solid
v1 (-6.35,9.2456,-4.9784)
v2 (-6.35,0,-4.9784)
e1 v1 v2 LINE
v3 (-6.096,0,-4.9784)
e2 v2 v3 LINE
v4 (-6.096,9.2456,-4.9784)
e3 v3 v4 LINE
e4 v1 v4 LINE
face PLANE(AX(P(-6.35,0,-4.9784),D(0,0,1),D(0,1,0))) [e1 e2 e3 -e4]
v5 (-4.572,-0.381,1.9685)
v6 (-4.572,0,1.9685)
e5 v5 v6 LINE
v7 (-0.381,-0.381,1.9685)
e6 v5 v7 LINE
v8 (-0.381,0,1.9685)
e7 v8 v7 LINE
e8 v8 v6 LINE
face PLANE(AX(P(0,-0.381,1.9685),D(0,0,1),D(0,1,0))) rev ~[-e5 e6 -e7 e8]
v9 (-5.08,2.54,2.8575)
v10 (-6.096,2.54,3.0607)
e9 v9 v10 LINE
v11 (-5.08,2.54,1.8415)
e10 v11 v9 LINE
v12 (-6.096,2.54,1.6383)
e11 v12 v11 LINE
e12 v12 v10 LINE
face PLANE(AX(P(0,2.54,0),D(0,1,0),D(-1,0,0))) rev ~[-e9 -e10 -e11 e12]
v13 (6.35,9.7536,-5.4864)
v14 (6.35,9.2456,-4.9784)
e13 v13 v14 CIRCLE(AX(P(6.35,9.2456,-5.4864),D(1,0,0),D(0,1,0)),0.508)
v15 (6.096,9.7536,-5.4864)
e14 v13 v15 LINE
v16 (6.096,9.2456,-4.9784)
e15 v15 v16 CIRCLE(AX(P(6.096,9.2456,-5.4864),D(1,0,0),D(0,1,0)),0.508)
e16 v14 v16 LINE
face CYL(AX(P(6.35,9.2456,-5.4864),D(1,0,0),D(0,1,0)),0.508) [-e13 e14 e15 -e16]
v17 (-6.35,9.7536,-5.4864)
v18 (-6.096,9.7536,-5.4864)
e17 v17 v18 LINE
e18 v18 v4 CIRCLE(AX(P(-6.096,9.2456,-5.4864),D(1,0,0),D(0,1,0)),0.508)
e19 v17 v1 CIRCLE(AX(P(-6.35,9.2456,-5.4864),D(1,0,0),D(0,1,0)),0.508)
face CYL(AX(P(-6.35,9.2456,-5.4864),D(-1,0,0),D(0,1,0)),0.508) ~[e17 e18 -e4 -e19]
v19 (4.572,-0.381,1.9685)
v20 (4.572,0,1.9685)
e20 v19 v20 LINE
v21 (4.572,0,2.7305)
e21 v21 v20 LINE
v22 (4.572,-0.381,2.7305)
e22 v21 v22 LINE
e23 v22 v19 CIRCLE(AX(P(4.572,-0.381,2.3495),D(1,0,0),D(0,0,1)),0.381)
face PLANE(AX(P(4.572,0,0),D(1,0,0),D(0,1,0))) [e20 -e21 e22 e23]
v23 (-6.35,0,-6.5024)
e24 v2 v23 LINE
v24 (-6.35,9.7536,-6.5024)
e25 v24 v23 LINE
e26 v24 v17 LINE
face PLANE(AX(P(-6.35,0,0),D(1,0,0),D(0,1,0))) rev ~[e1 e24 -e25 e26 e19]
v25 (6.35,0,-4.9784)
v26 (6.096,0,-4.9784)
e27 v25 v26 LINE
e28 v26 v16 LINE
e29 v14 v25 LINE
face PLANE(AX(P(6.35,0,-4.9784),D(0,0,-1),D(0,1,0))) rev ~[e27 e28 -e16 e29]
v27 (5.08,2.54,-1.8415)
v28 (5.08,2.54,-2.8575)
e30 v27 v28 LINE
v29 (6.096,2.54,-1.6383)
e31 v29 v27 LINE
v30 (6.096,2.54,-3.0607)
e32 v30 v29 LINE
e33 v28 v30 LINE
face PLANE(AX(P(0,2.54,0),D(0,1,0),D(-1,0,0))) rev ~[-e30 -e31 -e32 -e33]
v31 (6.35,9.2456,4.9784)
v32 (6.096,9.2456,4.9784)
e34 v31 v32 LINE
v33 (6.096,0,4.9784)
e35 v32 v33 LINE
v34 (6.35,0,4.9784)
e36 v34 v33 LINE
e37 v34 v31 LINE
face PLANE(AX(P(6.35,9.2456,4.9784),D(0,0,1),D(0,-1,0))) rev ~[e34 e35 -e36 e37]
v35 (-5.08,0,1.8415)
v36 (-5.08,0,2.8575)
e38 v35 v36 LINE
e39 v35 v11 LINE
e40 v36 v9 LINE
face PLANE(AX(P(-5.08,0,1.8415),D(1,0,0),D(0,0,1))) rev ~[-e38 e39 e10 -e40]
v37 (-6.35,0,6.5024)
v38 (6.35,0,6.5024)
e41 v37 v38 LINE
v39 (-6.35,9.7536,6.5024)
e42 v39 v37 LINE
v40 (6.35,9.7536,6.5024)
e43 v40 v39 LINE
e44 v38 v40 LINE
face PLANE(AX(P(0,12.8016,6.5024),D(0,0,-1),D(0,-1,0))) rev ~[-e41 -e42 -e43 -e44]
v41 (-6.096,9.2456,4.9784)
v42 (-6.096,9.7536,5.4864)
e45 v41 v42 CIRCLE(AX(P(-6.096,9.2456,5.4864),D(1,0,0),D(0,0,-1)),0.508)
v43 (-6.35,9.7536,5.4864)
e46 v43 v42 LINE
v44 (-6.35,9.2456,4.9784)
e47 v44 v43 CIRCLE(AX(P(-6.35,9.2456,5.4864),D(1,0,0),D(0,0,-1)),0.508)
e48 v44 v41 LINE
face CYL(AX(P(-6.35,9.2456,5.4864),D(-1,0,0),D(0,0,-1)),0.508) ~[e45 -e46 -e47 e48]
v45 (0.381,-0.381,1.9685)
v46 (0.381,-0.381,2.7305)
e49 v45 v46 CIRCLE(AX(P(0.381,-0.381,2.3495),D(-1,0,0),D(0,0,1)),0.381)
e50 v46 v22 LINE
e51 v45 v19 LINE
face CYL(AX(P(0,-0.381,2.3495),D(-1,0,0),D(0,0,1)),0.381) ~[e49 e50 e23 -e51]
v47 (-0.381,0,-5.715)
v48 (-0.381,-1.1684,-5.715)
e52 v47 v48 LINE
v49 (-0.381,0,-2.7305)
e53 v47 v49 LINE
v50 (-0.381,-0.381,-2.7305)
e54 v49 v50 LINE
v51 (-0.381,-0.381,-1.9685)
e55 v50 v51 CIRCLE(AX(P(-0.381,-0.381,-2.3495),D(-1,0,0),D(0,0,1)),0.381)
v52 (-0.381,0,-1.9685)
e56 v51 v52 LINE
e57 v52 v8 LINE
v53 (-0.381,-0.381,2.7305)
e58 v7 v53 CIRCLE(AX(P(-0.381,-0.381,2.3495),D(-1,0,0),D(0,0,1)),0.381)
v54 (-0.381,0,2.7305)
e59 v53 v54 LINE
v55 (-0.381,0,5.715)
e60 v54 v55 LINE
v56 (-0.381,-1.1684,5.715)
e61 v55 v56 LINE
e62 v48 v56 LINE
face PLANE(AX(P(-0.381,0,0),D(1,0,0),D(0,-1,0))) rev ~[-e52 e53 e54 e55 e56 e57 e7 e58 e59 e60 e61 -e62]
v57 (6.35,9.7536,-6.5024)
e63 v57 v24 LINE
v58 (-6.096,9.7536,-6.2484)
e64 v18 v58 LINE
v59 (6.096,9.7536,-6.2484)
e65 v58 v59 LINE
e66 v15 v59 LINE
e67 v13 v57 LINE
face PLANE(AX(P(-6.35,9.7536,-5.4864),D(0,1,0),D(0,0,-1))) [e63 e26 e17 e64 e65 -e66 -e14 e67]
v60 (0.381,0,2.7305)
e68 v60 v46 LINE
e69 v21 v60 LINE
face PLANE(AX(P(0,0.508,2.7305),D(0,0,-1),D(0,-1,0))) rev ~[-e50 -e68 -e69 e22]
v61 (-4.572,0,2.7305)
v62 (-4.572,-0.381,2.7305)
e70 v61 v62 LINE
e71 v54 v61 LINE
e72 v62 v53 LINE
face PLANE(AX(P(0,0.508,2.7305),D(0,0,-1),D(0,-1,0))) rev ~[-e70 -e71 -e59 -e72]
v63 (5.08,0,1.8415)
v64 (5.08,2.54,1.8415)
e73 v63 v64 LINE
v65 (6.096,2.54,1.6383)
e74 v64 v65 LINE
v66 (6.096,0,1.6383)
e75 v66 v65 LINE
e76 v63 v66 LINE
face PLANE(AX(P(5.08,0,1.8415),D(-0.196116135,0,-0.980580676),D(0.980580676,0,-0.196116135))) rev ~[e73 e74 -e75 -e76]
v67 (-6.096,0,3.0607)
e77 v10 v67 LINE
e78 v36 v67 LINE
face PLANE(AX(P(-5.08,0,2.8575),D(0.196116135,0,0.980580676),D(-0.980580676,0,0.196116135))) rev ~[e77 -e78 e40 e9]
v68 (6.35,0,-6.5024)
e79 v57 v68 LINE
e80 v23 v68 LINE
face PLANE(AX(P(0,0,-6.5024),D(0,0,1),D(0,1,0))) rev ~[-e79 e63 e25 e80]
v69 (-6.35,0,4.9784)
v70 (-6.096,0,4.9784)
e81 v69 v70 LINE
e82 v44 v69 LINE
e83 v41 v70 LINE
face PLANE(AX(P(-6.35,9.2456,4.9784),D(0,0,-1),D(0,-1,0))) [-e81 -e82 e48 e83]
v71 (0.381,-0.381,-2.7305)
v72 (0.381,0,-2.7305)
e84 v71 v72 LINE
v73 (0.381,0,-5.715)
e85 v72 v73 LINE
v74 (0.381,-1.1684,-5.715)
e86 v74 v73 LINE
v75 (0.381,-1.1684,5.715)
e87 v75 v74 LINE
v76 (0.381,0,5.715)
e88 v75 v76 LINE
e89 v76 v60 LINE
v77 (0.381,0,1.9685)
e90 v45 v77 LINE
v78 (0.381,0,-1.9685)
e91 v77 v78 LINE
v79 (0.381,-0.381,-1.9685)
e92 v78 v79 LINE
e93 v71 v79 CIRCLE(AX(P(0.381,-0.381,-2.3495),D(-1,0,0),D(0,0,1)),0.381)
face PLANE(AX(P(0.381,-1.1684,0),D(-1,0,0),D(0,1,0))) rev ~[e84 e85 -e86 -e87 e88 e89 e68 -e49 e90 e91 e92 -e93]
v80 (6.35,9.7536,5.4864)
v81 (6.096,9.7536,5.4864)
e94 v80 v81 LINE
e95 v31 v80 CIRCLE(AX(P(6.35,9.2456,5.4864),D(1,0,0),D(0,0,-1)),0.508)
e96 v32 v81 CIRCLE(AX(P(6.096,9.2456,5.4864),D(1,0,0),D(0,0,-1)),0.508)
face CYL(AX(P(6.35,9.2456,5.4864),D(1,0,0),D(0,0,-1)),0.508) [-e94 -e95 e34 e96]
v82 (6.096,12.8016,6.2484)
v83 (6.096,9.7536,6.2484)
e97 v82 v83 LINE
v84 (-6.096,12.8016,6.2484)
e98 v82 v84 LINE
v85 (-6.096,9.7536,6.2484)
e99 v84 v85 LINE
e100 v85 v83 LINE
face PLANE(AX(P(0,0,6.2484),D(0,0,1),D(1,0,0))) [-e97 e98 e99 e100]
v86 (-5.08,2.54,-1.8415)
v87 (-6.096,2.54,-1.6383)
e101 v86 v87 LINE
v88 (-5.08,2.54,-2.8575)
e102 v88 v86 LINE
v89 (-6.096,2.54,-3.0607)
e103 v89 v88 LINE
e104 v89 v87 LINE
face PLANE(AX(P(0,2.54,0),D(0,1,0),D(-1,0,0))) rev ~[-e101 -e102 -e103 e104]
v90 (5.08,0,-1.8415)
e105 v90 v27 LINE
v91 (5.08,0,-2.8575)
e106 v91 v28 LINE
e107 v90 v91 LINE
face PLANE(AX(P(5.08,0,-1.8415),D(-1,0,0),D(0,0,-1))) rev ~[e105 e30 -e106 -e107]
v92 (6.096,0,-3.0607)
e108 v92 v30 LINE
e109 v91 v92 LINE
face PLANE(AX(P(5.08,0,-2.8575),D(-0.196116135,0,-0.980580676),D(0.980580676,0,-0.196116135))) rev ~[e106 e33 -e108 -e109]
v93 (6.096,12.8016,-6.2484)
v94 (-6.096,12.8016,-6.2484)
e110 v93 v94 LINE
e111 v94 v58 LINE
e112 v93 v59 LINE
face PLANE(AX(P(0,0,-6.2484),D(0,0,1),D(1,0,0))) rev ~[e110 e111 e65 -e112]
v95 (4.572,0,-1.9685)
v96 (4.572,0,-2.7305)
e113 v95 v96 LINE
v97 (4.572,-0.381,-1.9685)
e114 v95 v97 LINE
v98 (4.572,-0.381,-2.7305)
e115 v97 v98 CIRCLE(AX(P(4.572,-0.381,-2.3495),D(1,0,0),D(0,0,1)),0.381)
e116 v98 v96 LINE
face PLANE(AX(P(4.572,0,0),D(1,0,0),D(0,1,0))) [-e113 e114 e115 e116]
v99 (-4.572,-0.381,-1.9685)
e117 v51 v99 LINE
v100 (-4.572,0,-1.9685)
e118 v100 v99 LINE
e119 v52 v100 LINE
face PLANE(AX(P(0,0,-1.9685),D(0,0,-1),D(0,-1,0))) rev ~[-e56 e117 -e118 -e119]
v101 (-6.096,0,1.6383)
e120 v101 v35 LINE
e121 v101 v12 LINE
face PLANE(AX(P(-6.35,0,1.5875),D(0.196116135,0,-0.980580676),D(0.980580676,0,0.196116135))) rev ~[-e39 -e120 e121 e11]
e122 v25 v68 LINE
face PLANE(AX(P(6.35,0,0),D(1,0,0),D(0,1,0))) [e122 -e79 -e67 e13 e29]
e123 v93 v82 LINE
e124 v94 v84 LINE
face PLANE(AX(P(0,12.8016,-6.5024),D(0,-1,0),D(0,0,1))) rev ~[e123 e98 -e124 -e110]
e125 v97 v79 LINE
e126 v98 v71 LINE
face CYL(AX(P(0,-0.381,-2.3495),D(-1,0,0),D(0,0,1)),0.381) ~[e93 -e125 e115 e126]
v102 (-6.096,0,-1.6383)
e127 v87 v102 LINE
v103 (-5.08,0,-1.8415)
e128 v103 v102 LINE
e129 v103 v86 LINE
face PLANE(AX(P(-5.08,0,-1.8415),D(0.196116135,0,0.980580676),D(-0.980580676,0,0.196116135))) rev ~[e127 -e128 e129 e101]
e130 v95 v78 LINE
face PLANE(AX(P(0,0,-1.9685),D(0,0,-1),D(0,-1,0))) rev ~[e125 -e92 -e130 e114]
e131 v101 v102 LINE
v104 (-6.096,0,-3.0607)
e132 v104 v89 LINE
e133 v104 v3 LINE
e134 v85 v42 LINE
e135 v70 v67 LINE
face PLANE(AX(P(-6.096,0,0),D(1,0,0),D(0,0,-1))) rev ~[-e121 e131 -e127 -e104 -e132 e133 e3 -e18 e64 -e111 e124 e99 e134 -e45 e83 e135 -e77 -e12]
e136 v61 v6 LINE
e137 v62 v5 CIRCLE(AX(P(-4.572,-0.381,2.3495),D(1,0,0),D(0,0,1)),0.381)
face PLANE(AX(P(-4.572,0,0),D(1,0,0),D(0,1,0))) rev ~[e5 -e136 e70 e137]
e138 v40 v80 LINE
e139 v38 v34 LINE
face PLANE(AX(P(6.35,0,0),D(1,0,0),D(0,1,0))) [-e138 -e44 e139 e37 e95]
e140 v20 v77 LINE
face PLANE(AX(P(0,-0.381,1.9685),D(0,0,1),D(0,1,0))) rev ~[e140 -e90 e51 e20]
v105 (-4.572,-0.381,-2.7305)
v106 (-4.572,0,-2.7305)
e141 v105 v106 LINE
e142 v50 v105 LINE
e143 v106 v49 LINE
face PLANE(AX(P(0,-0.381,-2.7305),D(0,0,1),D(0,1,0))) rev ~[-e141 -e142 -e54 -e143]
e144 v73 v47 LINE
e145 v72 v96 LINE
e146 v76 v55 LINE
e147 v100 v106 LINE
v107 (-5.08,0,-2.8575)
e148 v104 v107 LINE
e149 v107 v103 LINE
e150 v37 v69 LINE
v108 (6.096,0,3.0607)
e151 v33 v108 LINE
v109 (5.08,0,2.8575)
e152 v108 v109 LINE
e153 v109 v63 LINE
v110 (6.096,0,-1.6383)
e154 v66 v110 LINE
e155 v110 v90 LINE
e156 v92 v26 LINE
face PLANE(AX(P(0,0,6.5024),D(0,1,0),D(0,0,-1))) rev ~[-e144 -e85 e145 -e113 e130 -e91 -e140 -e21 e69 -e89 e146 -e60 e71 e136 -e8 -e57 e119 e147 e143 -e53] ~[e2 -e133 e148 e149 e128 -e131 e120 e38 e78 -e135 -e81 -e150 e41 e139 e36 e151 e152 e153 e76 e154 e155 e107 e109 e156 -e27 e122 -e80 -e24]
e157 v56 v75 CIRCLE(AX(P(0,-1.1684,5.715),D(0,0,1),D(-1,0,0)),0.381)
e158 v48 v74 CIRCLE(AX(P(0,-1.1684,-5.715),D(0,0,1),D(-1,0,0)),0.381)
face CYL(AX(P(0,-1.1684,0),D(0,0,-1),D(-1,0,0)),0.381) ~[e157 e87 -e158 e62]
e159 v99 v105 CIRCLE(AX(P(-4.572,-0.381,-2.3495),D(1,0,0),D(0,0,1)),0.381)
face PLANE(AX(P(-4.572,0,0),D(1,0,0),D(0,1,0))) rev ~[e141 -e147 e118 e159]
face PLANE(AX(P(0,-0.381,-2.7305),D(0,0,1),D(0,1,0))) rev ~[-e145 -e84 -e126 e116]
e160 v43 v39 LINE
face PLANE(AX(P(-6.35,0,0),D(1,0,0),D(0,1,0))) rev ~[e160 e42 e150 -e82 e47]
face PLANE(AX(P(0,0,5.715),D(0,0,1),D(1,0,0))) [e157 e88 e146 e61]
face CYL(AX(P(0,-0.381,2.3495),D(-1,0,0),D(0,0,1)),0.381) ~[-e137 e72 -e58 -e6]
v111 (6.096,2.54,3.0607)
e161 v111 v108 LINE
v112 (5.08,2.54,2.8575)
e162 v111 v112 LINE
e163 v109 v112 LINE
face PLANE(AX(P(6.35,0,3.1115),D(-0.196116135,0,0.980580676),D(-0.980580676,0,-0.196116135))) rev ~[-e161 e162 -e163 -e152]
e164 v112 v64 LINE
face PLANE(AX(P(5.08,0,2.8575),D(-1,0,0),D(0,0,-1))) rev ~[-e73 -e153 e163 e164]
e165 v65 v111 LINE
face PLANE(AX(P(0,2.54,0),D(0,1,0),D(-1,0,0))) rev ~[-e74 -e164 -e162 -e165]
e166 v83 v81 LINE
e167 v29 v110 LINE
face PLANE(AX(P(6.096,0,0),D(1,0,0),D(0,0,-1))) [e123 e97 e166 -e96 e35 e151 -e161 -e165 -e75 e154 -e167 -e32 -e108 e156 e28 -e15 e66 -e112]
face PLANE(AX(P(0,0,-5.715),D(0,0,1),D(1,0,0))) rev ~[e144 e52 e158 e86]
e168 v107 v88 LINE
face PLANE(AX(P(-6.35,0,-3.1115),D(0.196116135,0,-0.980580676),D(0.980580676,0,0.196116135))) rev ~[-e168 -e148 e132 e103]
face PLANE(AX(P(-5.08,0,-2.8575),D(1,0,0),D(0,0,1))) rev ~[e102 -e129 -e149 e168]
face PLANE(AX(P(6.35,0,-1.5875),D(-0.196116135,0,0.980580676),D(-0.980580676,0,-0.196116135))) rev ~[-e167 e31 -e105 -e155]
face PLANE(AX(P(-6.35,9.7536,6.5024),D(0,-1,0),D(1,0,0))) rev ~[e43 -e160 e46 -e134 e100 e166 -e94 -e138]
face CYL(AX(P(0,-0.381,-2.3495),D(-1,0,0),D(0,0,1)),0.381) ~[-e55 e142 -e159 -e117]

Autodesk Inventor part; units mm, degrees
sketch "Sketch_1" plane through (0, 0, 0) normal (1, 0, 0) x (0, 1, 0)
  line L0 (0, 6.5024) -> (0, -6.5024)
  line L1 (0, -6.5024) -> (12.8016, -6.5024)
  line L2 (12.8016, -6.5024) -> (12.8016, 6.5024)
  line L3 (12.8016, 6.5024) -> (0, 6.5024)
extrude "Extrusion1" add sketch "Sketch_1" along normal mid plane 12.7
sketch "Sketch_5" plane through (6.35, 0, 0) normal (1, 0, 0) x (0, 0, -1)
  line L0 (-6.5024, 13.0556) -> (-6.5024, 9.7536)
  line L1 (-6.5024, 9.7536) -> (-5.4864, 9.7536)
  arc A0 (-4.9784, 9.2456) -> (-5.4864, 9.7536) centre (-5.4864, 9.2456) ccw
  line L2 (-4.9784, 9.2456) -> (-4.9784, 0)
  line L3 (-4.9784, 0) -> (4.9784, 0)
  line L4 (4.9784, 0) -> (4.9784, 9.2456)
  arc A1 (5.4864, 9.7536) -> (4.9784, 9.2456) centre (5.4864, 9.2456) ccw
  line L5 (5.4864, 9.7536) -> (6.5024, 9.7536)
  line L6 (6.5024, 9.7536) -> (6.5024, 13.0556)
  line L7 (6.5024, 13.0556) -> (-6.5024, 13.0556)
extrude "Extrusion2" cut sketch "Sketch_5" against normal blind 0.254
sketch "Sketch_6" plane through (-6.35, 0, 0) normal (1, 0, 0) x (0, 0, -1)
  line L0 (-6.5024, 13.0556) -> (-6.5024, 9.7536)
  line L1 (-6.5024, 9.7536) -> (-5.4864, 9.7536)
  arc A0 (-4.9784, 9.2456) -> (-5.4864, 9.7536) centre (-5.4864, 9.2456) ccw
  line L2 (-4.9784, 9.2456) -> (-4.9784, 0)
  line L3 (-4.9784, 0) -> (4.9784, 0)
  line L4 (4.9784, 0) -> (4.9784, 9.2456)
  arc A1 (5.4864, 9.7536) -> (4.9784, 9.2456) centre (5.4864, 9.2456) ccw
  line L5 (5.4864, 9.7536) -> (6.5024, 9.7536)
  line L6 (6.5024, 9.7536) -> (6.5024, 13.0556)
  line L7 (6.5024, 13.0556) -> (-6.5024, 13.0556)
extrude "Extrusion3" cut sketch "Sketch_6" along normal blind 0.254
sketch "Sketch_7" plane through (0, 0, -6.5024) normal (0, 0, 1) x (1, 0, 0)
  line L0 (-6.35, 13.0556) -> (-6.35, 9.7536)
  line L1 (-6.35, 9.7536) -> (6.35, 9.7536)
  line L2 (6.35, 9.7536) -> (6.35, 13.0556)
  line L3 (6.35, 13.0556) -> (-6.35, 13.0556)
extrude "Extrusion4" cut sketch "Sketch_7" along normal blind 0.254
sketch "Sketch_8" plane through (0, 0, 6.5024) normal (0, 0, 1) x (1, 0, 0)
  line L0 (-6.35, 13.0556) -> (-6.35, 9.7536)
  line L1 (-6.35, 9.7536) -> (6.35, 9.7536)
  line L2 (6.35, 9.7536) -> (6.35, 13.0556)
  line L3 (6.35, 13.0556) -> (-6.35, 13.0556)
extrude "Extrusion5" cut sketch "Sketch_8" against normal blind 0.254
sketch "Sketch_9" plane through (0, 0, 0) normal (0, 1, 0) x (-1, 0, 0)
  line L0 (8.128, -8.2804) -> (8.128, 8.2804)
  line L1 (8.128, 8.2804) -> (-8.128, 8.2804)
  line L2 (-8.128, 8.2804) -> (-8.128, -8.2804)
  line L3 (-8.128, -8.2804) -> (8.128, -8.2804)
  line L4 (6.35, 6.5024) -> (-6.35, 6.5024)
  line L5 (-6.35, 6.5024) -> (-6.35, 3.1115)
  line L6 (-6.35, 3.1115) -> (-5.08, 2.8575)
  line L7 (-5.08, 2.8575) -> (-5.08, 1.8415)
  line L8 (-5.08, 1.8415) -> (-6.35, 1.5875)
  line L9 (-6.35, 1.5875) -> (-6.35, -1.5875)
  line L10 (-6.35, -1.5875) -> (-5.08, -1.8415)
  line L11 (-5.08, -1.8415) -> (-5.08, -2.8575)
  line L12 (-5.08, -2.8575) -> (-6.35, -3.1115)
  line L13 (-6.35, -3.1115) -> (-6.35, -6.5024)
  line L14 (-6.35, -6.5024) -> (6.35, -6.5024)
  line L15 (6.35, -6.5024) -> (6.35, -3.1115)
  line L16 (6.35, -3.1115) -> (5.08, -2.8575)
  line L17 (5.08, -2.8575) -> (5.08, -1.8415)
  line L18 (5.08, -1.8415) -> (6.35, -1.5875)
  line L19 (6.35, -1.5875) -> (6.35, 1.5875)
  line L20 (6.35, 1.5875) -> (5.08, 1.8415)
  line L21 (5.08, 1.8415) -> (5.08, 2.8575)
  line L22 (5.08, 2.8575) -> (6.35, 3.1115)
  line L23 (6.35, 3.1115) -> (6.35, 6.5024)
extrude "Extrusion6" cut sketch "Sketch_9" along normal blind 2.54
sketch "Sketch_10" plane through (0, 0, 0) normal (0, 0, 1) x (1, 0, 0)
  line L0 (-0.381, 0) -> (-0.381, -1.1684)
  arc A0 (-0.381, -1.1684) -> (0.381, -1.1684) centre (0, -1.1684) ccw
  line L1 (0.381, -1.1684) -> (0.381, 0)
  line L2 (0.381, 0) -> (-0.381, 0)
extrude "Extrusion7" add sketch "Sketch_10" along normal mid plane 11.43
sketch "Sketch_11" plane through (0, 0, 0) normal (1, 0, 0) x (0, 1, 0)
  line L0 (0.508, 2.7305) -> (-0.381, 2.7305)
  arc A0 (-0.381, 2.7305) -> (-0.381, 1.9685) centre (-0.381, 2.3495) ccw
  line L1 (-0.381, 1.9685) -> (0, 1.9685)
  line L2 (0, 1.9685) -> (0, -1.9685)
  line L3 (0, -1.9685) -> (-0.381, -1.9685)
  arc A1 (-0.381, -1.9685) -> (-0.381, -2.7305) centre (-0.381, -2.3495) ccw
  line L4 (-0.381, -2.7305) -> (0.508, -2.7305)
  line L5 (0.508, -2.7305) -> (0.508, 2.7305)
extrude "Extrusion8" add sketch "Sketch_11" along normal mid plane 9.144
ref_plane "body_to_body_c_XY" through (0, 12.8016, 0) normal (0, -1, 0) x (1, 0, 0)
ref_plane "body_to_body_c_YZ" through (0, 12.8016, 0) normal (1, 0, 0) x (0, 0, 1)
ref_plane "body_to_body_c_ZX" through (0, 12.8016, 0) normal (0, 0, 1) x (0, -1, 0)
ref_plane "body_to_dummy_XY" through (0, 0, 0) normal (0, -1, 0) x (1, 0, 0)
ref_plane "body_to_dummy_YZ" through (0, 0, 0) normal (1, 0, 0) x (0, 0, 1)
ref_plane "body_to_dummy_ZX" through (0, 0, 0) normal (0, 0, 1) x (0, -1, 0)
ref_plane "body_to_terminal_XY" through (0, 0, 0) normal (0, -1, 0) x (1, 0, 0)
ref_plane "body_to_terminal_YZ" through (0, 0, 0) normal (1, 0, 0) x (0, 0, 1)
ref_plane "body_to_terminal_ZX" through (0, 0, 0) normal (0, 0, 1) x (0, -1, 0)
properties part number "M211LW01-body"
